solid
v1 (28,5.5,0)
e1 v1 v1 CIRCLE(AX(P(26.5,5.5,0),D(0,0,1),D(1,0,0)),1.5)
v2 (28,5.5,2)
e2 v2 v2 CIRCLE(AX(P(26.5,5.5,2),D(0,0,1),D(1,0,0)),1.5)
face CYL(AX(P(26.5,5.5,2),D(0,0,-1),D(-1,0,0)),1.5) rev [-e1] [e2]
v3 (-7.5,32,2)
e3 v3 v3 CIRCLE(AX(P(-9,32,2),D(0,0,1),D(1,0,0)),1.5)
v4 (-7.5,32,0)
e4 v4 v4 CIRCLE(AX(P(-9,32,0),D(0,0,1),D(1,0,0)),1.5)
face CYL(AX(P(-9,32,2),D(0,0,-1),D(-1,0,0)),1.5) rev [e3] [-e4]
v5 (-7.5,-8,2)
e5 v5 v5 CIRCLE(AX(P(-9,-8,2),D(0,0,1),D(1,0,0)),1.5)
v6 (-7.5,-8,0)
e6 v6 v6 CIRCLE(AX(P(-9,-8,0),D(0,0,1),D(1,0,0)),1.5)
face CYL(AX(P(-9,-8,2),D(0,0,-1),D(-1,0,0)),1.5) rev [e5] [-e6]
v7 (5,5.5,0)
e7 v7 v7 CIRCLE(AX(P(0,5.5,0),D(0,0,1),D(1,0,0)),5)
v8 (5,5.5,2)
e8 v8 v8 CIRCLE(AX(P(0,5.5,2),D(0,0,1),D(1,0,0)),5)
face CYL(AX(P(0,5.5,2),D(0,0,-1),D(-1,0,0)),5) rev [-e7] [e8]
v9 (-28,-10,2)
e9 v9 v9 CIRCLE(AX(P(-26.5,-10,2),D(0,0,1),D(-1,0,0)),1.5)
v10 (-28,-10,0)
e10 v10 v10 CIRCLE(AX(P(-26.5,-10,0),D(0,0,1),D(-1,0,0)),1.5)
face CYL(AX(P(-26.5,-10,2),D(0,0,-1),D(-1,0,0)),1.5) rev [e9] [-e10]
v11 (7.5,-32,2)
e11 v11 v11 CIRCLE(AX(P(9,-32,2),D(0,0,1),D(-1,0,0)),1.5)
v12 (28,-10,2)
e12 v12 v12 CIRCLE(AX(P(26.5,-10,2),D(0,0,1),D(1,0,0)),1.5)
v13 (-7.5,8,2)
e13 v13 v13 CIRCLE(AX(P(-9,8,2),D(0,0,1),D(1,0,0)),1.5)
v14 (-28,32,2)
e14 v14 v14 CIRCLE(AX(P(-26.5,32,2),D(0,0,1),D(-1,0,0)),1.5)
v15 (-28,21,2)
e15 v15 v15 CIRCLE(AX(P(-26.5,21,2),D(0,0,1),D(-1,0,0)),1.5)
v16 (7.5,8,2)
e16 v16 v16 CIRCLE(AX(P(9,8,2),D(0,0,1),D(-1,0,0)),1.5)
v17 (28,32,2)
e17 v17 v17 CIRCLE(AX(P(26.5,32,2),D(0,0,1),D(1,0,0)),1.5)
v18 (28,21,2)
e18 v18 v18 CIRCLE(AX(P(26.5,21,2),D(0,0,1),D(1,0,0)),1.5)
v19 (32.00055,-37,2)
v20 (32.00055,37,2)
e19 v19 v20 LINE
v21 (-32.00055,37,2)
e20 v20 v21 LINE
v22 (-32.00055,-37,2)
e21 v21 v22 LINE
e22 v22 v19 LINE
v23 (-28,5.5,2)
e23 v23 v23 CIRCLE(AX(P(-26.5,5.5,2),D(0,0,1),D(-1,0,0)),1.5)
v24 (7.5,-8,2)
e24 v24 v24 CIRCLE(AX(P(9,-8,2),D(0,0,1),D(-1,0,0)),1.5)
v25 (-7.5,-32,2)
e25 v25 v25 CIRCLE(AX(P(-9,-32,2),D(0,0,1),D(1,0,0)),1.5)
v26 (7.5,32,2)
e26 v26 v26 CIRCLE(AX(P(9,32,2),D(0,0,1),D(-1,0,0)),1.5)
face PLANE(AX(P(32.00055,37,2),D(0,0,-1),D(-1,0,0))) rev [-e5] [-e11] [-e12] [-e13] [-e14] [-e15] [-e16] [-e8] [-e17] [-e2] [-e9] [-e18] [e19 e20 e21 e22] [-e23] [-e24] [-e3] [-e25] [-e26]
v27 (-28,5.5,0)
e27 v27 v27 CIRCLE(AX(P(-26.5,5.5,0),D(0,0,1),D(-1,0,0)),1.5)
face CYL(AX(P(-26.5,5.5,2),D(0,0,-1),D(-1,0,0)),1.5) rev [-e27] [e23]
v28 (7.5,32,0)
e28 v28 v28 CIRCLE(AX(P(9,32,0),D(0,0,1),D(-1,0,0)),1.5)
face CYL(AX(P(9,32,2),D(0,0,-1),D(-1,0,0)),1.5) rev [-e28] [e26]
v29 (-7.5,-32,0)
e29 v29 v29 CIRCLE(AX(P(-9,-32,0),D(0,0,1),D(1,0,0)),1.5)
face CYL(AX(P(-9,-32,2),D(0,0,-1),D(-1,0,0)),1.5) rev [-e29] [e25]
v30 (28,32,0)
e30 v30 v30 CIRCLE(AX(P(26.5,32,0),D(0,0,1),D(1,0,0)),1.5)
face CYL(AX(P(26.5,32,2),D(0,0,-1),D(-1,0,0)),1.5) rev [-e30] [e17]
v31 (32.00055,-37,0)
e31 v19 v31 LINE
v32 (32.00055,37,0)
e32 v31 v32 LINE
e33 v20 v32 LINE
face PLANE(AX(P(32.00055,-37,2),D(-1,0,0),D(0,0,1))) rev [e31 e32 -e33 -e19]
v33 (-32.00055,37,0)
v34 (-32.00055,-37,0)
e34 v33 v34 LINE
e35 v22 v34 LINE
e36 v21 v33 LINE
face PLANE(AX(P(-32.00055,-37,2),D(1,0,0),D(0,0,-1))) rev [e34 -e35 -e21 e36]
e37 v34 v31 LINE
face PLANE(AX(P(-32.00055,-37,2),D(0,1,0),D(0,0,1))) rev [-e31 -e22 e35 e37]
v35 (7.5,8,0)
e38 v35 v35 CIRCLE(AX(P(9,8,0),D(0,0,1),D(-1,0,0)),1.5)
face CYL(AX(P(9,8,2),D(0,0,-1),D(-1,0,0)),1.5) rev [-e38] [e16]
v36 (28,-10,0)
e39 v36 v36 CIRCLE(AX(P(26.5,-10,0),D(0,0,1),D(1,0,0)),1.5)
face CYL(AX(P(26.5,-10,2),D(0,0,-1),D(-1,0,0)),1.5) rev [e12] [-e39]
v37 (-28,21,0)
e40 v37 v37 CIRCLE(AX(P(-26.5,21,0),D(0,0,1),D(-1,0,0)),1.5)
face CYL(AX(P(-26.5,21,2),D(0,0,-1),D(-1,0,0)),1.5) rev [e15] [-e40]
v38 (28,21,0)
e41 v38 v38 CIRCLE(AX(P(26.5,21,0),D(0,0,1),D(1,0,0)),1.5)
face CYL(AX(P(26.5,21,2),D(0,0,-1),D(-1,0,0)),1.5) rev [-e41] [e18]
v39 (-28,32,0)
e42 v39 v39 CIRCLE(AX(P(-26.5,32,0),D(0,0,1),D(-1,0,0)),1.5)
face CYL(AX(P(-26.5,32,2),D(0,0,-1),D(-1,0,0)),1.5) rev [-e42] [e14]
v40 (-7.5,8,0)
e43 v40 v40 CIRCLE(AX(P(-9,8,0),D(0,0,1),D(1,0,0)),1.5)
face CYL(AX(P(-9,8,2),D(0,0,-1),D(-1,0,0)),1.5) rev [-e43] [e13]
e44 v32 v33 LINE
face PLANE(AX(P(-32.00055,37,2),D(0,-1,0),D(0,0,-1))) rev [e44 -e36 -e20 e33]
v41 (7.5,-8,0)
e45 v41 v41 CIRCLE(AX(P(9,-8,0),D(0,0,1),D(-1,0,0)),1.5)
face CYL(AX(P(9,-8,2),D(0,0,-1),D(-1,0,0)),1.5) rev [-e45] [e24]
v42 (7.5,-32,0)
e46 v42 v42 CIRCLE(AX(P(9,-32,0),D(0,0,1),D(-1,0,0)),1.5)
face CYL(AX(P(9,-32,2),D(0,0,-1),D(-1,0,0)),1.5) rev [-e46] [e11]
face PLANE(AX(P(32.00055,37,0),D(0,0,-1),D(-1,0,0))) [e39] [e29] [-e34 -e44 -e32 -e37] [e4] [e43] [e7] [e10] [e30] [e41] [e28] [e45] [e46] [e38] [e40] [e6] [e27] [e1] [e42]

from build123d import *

# Parameters (mm, degrees)
SKETCH1_W           = 64.001099834
SKETCH1_H           = 74
SKETCH1_R           = 1.5
SKETCH1_R_2         = 5
BOSS_EXTRUDE1_DEPTH = 2


with BuildPart() as part:
    # Sketch1 → Boss-Extrude1 (new body)
    with BuildSketch(Plane.XY):
        Rectangle(SKETCH1_W, SKETCH1_H)
        with Locations((-9, 8)):
            Circle(SKETCH1_R, mode=Mode.SUBTRACT)
        with Locations((26.5, -10)):
            Circle(SKETCH1_R, mode=Mode.SUBTRACT)
        with Locations((-9, 32)):
            Circle(SKETCH1_R, mode=Mode.SUBTRACT)
        with Locations((-9, -32)):
            Circle(SKETCH1_R, mode=Mode.SUBTRACT)
        with Locations((-9, -8)):
            Circle(SKETCH1_R, mode=Mode.SUBTRACT)
        with Locations((26.5, 5.5)):
            Circle(SKETCH1_R, mode=Mode.SUBTRACT)
        with Locations((26.5, 21)):
            Circle(SKETCH1_R, mode=Mode.SUBTRACT)
        with Locations((26.5, 32)):
            Circle(SKETCH1_R, mode=Mode.SUBTRACT)
        with Locations((9, 32)):
            Circle(SKETCH1_R, mode=Mode.SUBTRACT)
        with Locations((9, 8)):
            Circle(SKETCH1_R, mode=Mode.SUBTRACT)
        with Locations((9, -8)):
            Circle(SKETCH1_R, mode=Mode.SUBTRACT)
        with Locations((9, -32)):
            Circle(SKETCH1_R, mode=Mode.SUBTRACT)
        with Locations((-26.5, -10)):
            Circle(SKETCH1_R, mode=Mode.SUBTRACT)
        with Locations((-26.5, 5.5)):
            Circle(SKETCH1_R, mode=Mode.SUBTRACT)
        with Locations((-26.5, 21)):
            Circle(SKETCH1_R, mode=Mode.SUBTRACT)
        with Locations((-26.5, 32)):
            Circle(SKETCH1_R, mode=Mode.SUBTRACT)
        with Locations((0, 5.5)):
            Circle(SKETCH1_R_2, mode=Mode.SUBTRACT)
    extrude(amount=BOSS_EXTRUDE1_DEPTH)


solid = part.part
